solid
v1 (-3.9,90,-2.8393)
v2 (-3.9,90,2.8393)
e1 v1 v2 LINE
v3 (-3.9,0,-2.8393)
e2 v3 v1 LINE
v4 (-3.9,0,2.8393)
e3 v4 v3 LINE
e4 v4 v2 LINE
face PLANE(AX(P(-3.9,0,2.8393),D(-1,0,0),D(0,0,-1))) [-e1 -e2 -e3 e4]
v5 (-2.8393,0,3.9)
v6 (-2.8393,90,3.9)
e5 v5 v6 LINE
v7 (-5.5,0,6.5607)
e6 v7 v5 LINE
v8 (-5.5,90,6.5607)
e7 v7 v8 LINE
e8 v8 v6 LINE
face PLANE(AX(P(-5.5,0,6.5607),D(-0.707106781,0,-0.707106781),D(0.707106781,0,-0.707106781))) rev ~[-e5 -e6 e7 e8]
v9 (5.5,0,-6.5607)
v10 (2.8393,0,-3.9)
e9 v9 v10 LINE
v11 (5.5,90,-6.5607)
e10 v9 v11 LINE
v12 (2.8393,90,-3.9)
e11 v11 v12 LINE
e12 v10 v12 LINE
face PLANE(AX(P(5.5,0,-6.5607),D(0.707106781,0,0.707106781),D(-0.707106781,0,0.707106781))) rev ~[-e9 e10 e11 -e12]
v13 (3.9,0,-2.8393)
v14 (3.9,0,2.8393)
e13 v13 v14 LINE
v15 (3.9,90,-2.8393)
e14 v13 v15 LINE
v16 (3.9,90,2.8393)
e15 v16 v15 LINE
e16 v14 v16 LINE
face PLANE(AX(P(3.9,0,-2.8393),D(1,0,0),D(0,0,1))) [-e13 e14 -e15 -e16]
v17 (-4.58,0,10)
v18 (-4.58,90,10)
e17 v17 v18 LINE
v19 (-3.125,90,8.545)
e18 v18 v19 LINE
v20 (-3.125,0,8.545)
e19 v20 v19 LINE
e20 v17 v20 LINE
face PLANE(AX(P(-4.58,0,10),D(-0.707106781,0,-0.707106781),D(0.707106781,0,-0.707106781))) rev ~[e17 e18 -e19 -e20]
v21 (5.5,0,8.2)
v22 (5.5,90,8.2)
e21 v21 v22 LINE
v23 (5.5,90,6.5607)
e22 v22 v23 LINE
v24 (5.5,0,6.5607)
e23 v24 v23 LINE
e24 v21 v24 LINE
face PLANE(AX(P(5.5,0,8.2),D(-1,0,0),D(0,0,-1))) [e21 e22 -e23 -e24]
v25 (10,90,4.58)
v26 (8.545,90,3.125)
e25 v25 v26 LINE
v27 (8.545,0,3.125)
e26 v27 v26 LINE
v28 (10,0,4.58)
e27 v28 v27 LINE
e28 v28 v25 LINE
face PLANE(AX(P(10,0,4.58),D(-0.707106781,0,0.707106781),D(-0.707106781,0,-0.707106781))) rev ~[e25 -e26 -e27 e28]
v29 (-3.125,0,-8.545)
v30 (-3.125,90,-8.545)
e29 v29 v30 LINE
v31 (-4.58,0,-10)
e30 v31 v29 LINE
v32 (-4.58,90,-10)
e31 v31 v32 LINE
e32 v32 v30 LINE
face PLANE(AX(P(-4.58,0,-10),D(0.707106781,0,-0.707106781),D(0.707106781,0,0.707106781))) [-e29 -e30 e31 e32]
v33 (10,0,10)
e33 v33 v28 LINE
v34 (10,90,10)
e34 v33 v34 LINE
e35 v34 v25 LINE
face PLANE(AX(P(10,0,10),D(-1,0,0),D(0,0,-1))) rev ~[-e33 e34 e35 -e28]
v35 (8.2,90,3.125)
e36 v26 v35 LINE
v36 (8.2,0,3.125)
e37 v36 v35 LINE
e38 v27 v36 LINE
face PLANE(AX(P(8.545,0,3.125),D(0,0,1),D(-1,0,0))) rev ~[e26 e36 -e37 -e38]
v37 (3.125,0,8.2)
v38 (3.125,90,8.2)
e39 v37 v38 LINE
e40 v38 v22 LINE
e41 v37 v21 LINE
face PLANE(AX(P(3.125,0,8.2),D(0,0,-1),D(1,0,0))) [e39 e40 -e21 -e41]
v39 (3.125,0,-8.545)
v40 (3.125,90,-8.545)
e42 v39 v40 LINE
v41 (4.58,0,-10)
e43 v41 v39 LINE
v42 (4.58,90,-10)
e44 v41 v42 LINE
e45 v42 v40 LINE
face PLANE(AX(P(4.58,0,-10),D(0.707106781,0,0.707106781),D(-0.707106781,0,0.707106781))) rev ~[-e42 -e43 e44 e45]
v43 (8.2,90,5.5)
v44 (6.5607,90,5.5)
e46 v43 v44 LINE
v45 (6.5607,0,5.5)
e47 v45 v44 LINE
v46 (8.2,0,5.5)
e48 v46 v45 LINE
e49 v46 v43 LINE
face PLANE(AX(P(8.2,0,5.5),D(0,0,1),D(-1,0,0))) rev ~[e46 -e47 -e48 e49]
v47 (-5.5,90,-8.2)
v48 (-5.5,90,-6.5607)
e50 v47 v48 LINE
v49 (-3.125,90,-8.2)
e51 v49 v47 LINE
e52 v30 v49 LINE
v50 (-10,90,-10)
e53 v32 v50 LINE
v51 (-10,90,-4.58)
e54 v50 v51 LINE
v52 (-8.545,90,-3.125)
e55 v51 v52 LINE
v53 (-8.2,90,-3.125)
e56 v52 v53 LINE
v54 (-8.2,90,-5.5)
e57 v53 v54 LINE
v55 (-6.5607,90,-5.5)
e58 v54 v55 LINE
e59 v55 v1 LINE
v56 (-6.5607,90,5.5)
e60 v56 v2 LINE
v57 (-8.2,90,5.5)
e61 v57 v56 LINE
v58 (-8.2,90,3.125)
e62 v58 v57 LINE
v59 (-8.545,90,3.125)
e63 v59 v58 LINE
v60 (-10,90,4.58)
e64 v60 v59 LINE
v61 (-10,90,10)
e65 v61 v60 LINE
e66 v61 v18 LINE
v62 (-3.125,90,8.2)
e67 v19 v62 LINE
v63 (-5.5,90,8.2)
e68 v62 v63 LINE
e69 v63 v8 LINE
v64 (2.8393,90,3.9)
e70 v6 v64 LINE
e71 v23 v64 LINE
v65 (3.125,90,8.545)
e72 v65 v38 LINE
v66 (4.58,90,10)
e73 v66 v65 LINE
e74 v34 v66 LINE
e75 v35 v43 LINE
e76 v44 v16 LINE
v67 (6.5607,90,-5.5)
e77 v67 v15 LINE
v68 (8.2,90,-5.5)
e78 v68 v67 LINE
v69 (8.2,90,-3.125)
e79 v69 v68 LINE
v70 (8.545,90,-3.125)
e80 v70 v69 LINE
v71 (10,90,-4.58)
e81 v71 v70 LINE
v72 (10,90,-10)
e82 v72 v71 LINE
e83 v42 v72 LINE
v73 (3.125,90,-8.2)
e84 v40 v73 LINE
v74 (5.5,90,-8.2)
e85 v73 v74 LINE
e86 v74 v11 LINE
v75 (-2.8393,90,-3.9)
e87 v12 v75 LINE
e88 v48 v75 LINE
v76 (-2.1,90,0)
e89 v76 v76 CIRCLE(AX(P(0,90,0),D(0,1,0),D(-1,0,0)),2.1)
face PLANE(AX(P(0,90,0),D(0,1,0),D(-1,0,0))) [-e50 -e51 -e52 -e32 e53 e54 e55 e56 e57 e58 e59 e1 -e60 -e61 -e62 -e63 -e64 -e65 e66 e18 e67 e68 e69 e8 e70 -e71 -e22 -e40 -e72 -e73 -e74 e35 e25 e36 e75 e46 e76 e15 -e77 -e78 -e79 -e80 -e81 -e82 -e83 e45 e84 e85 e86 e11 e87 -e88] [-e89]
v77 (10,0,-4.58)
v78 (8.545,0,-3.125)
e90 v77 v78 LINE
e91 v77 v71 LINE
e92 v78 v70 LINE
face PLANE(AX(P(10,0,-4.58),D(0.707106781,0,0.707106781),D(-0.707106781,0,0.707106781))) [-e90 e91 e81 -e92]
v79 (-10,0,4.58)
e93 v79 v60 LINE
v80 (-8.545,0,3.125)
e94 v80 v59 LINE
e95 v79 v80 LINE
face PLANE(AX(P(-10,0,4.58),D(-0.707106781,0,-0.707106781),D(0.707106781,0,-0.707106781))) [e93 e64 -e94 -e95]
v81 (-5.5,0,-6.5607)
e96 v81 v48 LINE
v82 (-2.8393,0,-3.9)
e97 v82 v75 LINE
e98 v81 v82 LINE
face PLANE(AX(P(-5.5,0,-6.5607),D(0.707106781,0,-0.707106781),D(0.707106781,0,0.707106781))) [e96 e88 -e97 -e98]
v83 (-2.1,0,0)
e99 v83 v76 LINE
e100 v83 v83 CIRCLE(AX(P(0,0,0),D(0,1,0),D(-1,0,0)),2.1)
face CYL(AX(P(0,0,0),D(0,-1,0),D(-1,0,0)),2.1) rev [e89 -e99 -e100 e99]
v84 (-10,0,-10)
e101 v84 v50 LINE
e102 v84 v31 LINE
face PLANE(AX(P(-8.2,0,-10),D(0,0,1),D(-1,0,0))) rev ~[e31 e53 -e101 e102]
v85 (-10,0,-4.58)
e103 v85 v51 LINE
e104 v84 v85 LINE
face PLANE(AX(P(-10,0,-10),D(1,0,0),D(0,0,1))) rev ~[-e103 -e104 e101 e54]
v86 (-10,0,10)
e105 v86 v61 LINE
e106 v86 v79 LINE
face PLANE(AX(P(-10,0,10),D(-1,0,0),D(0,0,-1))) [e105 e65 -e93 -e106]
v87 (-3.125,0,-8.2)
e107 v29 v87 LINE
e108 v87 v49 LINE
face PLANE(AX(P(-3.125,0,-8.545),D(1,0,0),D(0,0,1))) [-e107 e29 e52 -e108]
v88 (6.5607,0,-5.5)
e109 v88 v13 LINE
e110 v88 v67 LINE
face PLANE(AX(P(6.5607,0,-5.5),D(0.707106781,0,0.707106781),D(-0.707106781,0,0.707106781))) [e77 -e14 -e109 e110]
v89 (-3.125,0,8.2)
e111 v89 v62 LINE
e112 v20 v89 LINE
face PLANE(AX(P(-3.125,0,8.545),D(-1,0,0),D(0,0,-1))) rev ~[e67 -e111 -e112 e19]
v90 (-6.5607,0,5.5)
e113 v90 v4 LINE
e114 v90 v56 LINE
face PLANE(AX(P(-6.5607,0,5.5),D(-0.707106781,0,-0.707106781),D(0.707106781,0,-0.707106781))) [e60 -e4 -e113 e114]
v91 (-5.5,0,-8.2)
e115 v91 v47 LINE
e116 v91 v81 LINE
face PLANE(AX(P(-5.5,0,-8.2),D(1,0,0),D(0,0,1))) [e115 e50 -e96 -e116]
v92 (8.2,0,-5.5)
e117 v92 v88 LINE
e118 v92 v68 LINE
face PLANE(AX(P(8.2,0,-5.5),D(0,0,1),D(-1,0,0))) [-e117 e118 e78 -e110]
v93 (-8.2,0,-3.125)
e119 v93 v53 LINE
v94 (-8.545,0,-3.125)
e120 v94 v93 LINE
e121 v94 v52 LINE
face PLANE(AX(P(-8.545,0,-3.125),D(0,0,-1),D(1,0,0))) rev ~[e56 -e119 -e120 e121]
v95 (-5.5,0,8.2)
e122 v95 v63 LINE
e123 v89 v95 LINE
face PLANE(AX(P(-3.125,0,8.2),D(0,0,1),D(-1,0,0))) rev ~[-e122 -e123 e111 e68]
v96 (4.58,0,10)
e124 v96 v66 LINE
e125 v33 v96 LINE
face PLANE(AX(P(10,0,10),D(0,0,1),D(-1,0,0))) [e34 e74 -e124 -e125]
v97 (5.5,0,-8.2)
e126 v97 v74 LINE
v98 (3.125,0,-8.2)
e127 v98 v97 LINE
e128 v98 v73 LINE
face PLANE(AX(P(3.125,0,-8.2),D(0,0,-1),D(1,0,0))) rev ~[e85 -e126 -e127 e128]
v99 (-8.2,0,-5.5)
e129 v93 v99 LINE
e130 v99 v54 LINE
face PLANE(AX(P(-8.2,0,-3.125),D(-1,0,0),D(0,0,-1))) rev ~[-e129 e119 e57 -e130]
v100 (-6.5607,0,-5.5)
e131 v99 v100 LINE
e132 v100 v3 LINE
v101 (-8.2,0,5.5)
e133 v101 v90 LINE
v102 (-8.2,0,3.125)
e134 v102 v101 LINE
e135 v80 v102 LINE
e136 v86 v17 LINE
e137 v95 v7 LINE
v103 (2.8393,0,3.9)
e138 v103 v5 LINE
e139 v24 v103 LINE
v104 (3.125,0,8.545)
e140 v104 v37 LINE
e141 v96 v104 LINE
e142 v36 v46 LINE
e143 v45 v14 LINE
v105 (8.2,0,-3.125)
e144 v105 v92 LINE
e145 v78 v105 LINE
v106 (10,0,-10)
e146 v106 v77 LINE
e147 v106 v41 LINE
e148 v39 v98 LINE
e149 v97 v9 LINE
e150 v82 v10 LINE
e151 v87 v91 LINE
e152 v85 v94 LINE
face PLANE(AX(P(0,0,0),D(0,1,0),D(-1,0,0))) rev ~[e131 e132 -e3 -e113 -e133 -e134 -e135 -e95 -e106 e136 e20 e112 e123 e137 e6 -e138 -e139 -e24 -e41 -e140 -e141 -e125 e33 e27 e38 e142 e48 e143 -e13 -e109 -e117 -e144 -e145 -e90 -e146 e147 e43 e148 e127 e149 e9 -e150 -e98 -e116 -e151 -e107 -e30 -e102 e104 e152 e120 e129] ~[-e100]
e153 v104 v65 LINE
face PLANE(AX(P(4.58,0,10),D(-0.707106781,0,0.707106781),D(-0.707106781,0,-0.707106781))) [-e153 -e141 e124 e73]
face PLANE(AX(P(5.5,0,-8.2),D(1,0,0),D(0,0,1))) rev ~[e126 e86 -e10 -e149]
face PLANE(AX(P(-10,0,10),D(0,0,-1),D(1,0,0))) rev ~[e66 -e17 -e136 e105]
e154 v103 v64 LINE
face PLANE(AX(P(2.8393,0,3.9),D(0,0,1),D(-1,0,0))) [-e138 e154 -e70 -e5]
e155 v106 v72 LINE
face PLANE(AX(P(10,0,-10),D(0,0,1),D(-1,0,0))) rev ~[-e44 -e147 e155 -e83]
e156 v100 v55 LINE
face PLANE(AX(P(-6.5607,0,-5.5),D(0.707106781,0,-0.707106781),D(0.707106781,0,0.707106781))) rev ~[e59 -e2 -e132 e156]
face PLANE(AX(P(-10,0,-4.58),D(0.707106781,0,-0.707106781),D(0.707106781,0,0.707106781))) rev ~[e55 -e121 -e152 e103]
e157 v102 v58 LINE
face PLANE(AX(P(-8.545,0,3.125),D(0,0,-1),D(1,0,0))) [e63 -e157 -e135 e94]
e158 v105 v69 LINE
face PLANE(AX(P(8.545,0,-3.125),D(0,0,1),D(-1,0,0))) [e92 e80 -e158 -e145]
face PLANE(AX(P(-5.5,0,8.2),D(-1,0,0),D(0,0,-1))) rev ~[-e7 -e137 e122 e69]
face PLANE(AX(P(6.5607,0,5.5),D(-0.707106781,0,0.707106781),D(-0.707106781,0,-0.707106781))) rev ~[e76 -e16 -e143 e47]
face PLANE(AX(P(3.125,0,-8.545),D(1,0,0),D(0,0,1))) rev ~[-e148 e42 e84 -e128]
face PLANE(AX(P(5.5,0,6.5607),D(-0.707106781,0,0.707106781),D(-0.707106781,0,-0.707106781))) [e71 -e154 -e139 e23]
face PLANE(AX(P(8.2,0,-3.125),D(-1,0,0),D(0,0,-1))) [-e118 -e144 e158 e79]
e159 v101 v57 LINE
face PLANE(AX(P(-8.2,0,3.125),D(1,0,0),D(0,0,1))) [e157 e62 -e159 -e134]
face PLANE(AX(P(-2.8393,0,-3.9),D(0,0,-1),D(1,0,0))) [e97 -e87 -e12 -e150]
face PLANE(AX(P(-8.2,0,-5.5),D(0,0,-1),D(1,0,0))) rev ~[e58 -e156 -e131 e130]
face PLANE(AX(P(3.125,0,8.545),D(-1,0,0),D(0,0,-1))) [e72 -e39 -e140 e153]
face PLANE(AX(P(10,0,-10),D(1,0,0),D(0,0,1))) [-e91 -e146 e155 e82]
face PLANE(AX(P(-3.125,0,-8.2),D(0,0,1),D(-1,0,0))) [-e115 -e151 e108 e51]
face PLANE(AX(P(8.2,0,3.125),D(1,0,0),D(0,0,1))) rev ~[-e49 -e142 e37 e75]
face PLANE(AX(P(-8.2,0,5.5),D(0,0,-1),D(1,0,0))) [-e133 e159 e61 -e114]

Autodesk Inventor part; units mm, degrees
sketch "Sketch1" plane through (0, 0, 0) normal (0, 1, 0) x (-1, 0, 0)
  circle A0 centre (0, 0) radius 2.1
  line L0 (10, 10) -> (-10, 10) construction
  line L1 (-10, 10) -> (-10, -10) construction
  line L2 (-10, -10) -> (10, -10)
  line L3 (10, -10) -> (10, 10) construction
  line L4 (10, 10) -> (-10, -10) construction
  line L5 (-10, 10) -> (10, -10) construction
  line L6 (8.2, 10) -> (8.2, -10) construction
  line L7 (3.9, 10) -> (3.9, -10) construction
  line L8 (8.2, 3.125) -> (8.2, -3.125) construction
  line L9 (10, 4.58) -> (10, -4.58) construction
  line L10 (8.2, 5.5) -> (8.2, -5.5) construction
  line L11 (3.3697, 4.4303) -> (4.4303, 3.3697) construction
  line L12 (10, 10) -> (10, 4.58)
  line L13 (10, 4.58) -> (8.545, 3.125)
  line L14 (8.545, 3.125) -> (8.2, 3.125)
  line L15 (8.2, 3.125) -> (8.2, 5.5)
  line L16 (14, 0) -> (-14, 0) construction
  line L17 (8.2, 5.5) -> (6.5607, 5.5)
  line L18 (6.5607, 5.5) -> (3.9, 2.8393)
  line L19 (3.9, 2.8393) -> (3.9, 0)
  line L20 (10, -10) -> (10, -4.58)
  line L21 (10, -4.58) -> (8.545, -3.125)
  line L22 (8.545, -3.125) -> (8.2, -3.125)
  line L23 (8.2, -3.125) -> (8.2, -5.5)
  line L24 (8.2, -5.5) -> (6.5607, -5.5)
  line L25 (6.5607, -5.5) -> (3.9, -2.8393)
  line L26 (3.9, -2.8393) -> (3.9, 0)
  line L27 (-10, 10) -> (-4.58, 10)
  line L28 (-4.58, 10) -> (-3.125, 8.545)
  line L29 (-3.125, 8.2) -> (-5.5, 8.2)
  line L30 (-5.5, 8.2) -> (-5.5, 6.5607)
  line L31 (-5.5, 6.5607) -> (-2.8393, 3.9)
  line L32 (-2.8393, 3.9) -> (0, 3.9)
  line L33 (2.8393, 3.9) -> (0, 3.9)
  line L34 (5.5, 6.5607) -> (2.8393, 3.9)
  line L35 (5.5, 8.2) -> (5.5, 6.5607)
  line L36 (3.125, 8.2) -> (5.5, 8.2)
  line L37 (3.125, 8.545) -> (3.125, 8.2)
  line L38 (4.58, 10) -> (3.125, 8.545)
  line L39 (-3.125, 8.545) -> (-3.125, 8.2)
  line L40 (10, 10) -> (4.58, 10)
  line L41 (-10, -10) -> (-10, -4.58)
  line L42 (-10, -4.58) -> (-8.545, -3.125)
  line L43 (-8.2, -3.125) -> (-8.2, -5.5)
  line L44 (-8.2, -5.5) -> (-6.5607, -5.5)
  line L45 (-6.5607, -5.5) -> (-3.9, -2.8393)
  line L46 (-3.9, -2.8393) -> (-3.9, 0)
  line L47 (-3.9, 2.8393) -> (-3.9, 0)
  line L48 (-6.5607, 5.5) -> (-3.9, 2.8393)
  line L49 (-8.2, 5.5) -> (-6.5607, 5.5)
  line L50 (-8.2, 3.125) -> (-8.2, 5.5)
  line L51 (-8.545, 3.125) -> (-8.2, 3.125)
  line L52 (-10, 4.58) -> (-8.545, 3.125)
  line L53 (-8.545, -3.125) -> (-8.2, -3.125)
  line L54 (-10, 10) -> (-10, 4.58)
  line L55 (10, -10) -> (4.58, -10) construction
  line L56 (4.58, -10) -> (3.125, -8.545)
  line L57 (3.125, -8.2) -> (5.5, -8.2)
  line L58 (5.5, -8.2) -> (5.5, -6.5607)
  line L59 (5.5, -6.5607) -> (2.8393, -3.9)
  line L60 (2.8393, -3.9) -> (0, -3.9)
  line L61 (-2.8393, -3.9) -> (0, -3.9)
  line L62 (-5.5, -6.5607) -> (-2.8393, -3.9)
  line L63 (-5.5, -8.2) -> (-5.5, -6.5607)
  line L64 (-3.125, -8.2) -> (-5.5, -8.2)
  line L65 (-3.125, -8.545) -> (-3.125, -8.2)
  line L66 (-4.58, -10) -> (-3.125, -8.545)
  line L67 (3.125, -8.545) -> (3.125, -8.2)
  line L68 (-10, -10) -> (-4.58, -10) construction
  line L69 (5.5, -6.5607) -> (6.2393, -7.3)
  line L70 (6.2393, -7.3) -> (8.2, -7.3)
  line L71 (0, -10) -> (0, -9) construction
  line L72 (-5.5, -6.5607) -> (-6.2393, -7.3)
  line L73 (-6.2393, -7.3) -> (-8.2, -7.3)
  line L74 (8.2, -7.3) -> (8.2, -10)
  line L75 (-8.2, -7.3) -> (-8.2, -10)
  point P0 (10, 0)
  point P1 (8.2, 0)
  point P2 (3.9, 3.9)
  point P3 (-3.3697, 4.4303)
  point P4 (-4.4303, -3.3697)
  point P5 (3.3697, -4.4303)
  dimension "d0" = 4.2
  dimension "d1" = 20
  dimension "d2" = 20
  dimension "d3" = 1.8
  dimension "d4" = 4.3
  dimension "d5" = 6.25
  dimension "d6" = 9.16
  dimension "d7" = 11
  dimension "d8" = 1.5
  dimension "d9" = 45
  dimension "d12" = 360
  dimension "d17" = 1.8
  dimension "d18" = 1
extrude "Extrusion1" add sketch "Sketch1" along normal blind 90 contours L41 L42 L53 L43 L44 L45 L46 L47 L48 L49 L50 L51 L52 L54 L27 L28 L39 L29 L30 L31 L32 L33 L34 L35 L36 L37 L38 L40 L12 L13 L14 L15 L17 L18 L19 L26 L25 L24 L23 L22 L21 L20 L2 L74 L70 L69 L59 L60 L61 L62 L72 L73 L75 | L75 L73 L72 L63 L64 L65 L66 L2 | L56 L67 L57 L58 L69 L70 L74 L2
ref_plane "Work Plane1" through (-2.8393, 0, 0) normal (0, 0, -1) x (-1, 0, 0)
ref_plane "Work Plane2" through (0, 0, 4.58) normal (1, 0, 0) x (0, 0, -1)
ref_plane "Work Plane3" through (0, 45, 0) normal (0, 1, 0) x (1, 0, 0)
ref_plane "Work Plane4" through (-4.58, 0, 0) normal (0, 0, 1) x (1, 0, 0)
ref_plane "Work Plane5" through (0, 45, 0) normal (0, -1, 0) x (1, 0, 0)
ref_plane "Work Plane6" through (10, 0, 0) normal (0, 0, 1) x (1, 0, 0)
ref_plane "Work Plane7" through (0, 0, 4.58) normal (1, 0, 0) x (0, 0, -1)
properties part number "VSLOT 2020 Extrusion Mini" material "Aluminum 6061"
